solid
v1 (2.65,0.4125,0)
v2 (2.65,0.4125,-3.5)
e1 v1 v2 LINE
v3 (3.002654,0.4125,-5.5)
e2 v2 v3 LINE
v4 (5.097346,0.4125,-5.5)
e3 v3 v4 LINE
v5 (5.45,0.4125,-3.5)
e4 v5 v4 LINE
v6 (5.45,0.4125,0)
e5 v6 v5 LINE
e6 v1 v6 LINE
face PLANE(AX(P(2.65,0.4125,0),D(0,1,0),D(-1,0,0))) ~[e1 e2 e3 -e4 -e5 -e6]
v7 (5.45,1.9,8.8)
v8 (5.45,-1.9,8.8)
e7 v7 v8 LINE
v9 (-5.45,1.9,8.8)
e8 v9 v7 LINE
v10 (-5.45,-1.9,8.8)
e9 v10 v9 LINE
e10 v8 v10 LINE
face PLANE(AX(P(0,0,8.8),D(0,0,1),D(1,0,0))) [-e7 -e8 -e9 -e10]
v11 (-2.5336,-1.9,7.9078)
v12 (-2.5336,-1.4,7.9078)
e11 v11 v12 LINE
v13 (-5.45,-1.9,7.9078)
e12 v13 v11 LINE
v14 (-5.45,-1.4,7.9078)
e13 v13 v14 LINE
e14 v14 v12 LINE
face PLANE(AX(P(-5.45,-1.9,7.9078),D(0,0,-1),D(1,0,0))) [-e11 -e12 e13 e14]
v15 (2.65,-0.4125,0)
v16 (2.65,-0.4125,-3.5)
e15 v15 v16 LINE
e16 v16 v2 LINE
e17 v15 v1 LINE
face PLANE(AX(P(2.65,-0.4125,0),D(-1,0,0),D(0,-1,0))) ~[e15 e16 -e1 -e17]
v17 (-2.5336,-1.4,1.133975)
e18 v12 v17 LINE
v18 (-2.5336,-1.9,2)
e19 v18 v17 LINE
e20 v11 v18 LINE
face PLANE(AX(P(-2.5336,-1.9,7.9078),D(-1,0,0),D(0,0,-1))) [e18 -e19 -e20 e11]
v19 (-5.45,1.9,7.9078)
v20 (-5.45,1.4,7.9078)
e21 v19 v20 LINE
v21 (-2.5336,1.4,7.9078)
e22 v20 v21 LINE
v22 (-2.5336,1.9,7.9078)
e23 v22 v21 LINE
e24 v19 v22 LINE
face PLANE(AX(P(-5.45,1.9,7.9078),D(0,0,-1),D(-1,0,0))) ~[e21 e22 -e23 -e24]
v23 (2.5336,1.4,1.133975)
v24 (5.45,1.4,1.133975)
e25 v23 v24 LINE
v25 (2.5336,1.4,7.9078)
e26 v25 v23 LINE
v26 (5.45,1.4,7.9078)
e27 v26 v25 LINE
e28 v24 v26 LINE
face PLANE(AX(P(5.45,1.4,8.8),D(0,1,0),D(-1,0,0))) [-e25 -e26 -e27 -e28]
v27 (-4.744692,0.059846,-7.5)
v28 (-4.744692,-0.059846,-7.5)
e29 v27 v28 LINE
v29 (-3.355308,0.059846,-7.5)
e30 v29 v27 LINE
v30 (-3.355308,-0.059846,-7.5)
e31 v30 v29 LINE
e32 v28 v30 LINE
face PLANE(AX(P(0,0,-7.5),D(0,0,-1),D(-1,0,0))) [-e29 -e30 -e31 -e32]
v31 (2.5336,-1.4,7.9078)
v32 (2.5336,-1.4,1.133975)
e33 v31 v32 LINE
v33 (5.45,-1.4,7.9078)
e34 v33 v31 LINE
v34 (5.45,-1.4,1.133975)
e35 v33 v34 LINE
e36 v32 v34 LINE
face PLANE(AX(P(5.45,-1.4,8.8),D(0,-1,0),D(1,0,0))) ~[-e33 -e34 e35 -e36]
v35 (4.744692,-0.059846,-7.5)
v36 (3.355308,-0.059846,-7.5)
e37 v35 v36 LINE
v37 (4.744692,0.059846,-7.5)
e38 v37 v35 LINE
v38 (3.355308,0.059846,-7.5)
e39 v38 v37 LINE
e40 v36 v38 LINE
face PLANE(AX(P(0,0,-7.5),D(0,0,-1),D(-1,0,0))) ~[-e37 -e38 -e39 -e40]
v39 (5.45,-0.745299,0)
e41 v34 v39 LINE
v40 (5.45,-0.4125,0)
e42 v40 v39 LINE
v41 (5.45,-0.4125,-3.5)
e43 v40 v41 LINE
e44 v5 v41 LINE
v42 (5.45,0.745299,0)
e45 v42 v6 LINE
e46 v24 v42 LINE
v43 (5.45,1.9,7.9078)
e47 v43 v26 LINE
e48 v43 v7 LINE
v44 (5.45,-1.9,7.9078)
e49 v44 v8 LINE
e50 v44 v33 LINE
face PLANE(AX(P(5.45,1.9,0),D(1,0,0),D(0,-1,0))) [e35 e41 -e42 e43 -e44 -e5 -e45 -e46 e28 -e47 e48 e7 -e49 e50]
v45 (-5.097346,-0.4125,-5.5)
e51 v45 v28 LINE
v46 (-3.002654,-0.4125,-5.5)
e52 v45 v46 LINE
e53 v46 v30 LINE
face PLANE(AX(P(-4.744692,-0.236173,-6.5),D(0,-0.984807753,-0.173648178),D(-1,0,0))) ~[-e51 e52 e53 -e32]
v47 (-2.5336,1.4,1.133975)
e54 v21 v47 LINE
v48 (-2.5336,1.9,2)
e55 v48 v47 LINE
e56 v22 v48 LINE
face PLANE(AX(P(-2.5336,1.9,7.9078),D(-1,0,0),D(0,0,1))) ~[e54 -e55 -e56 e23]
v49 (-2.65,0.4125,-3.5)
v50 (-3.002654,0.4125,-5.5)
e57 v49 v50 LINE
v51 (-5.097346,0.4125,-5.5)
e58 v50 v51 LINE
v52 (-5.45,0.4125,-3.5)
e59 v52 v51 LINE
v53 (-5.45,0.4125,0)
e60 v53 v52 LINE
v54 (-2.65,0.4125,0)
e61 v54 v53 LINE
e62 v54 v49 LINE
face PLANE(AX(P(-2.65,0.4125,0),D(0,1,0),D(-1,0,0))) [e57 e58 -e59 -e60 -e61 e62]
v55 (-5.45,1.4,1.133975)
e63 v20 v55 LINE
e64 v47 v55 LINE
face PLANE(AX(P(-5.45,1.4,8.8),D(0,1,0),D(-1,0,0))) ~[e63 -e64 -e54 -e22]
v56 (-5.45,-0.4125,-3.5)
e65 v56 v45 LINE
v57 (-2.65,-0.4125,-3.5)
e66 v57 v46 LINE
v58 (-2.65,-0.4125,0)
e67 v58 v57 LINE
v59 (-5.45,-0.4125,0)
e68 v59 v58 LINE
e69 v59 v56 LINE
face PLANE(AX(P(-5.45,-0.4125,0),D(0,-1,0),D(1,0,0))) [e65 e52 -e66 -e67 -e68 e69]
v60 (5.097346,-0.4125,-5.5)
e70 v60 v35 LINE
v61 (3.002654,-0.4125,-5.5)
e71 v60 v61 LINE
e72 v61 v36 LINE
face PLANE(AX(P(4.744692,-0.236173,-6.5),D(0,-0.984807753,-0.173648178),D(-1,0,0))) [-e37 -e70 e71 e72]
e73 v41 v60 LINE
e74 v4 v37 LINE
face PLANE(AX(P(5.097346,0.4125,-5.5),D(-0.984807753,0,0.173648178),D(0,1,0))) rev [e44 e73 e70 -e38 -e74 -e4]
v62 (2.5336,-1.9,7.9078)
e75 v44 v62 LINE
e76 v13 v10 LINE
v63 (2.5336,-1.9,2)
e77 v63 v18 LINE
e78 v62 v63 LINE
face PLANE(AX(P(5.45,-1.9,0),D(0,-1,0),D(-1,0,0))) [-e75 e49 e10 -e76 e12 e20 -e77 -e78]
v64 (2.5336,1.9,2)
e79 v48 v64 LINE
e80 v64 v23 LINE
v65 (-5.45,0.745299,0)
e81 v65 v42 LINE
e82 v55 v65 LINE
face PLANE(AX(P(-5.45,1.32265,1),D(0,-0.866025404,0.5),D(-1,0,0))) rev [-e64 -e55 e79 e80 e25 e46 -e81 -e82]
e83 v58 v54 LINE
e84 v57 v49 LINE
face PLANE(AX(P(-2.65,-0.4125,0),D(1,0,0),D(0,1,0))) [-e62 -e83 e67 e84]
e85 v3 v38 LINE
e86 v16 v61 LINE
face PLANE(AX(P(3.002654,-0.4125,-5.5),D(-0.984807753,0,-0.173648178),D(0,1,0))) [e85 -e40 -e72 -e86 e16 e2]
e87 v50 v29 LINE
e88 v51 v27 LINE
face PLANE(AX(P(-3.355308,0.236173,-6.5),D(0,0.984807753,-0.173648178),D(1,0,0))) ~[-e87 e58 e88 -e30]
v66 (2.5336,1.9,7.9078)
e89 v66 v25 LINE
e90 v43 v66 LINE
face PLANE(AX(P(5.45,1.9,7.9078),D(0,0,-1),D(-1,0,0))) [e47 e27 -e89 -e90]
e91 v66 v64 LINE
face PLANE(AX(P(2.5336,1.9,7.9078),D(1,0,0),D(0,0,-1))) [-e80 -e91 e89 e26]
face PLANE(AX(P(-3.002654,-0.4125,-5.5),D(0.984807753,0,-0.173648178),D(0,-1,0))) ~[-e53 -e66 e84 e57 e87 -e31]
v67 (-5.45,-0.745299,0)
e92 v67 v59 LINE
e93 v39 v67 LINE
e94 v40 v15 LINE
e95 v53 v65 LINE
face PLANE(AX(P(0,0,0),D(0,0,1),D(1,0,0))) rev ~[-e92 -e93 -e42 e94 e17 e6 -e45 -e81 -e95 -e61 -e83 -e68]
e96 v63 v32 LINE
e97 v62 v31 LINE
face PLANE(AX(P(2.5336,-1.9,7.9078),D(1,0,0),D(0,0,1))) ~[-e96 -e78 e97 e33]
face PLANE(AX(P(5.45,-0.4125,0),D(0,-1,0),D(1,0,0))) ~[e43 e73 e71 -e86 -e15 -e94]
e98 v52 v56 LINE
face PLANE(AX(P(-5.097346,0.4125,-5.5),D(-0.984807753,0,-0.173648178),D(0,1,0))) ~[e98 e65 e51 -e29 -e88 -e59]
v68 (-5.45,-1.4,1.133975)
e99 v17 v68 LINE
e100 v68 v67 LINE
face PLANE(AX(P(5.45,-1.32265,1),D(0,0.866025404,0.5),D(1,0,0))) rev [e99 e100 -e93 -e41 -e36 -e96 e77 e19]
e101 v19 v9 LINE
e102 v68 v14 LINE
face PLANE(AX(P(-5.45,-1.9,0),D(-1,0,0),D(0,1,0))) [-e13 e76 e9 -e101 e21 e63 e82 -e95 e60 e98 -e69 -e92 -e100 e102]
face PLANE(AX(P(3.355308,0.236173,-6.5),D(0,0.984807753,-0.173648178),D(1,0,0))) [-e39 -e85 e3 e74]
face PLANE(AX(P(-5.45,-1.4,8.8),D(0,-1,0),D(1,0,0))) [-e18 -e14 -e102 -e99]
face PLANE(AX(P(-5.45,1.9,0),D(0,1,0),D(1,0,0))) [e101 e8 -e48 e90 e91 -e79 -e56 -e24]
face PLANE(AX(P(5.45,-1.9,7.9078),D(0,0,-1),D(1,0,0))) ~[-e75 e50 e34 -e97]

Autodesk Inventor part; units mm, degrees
ref_plane "YZ Plane" through (0, 0, 0) normal (1, 0, 0) x (0, 1, 0)
ref_plane "XZ Plane" through (0, 0, 0) normal (0, 1, 0) x (-1, 0, 0)
ref_plane "XY Plane" through (0, 0, 0) normal (0, 0, 1) x (1, 0, 0)
sketch "Sketch1" plane through (0, 0, 0) normal (0, 0, 1) x (1, 0, 0)
  line L0 (-5.45, 1.9) -> (5.45, 1.9)
  line L1 (5.45, 1.9) -> (5.45, -1.9)
  line L2 (5.45, -1.9) -> (-5.45, -1.9)
  line L3 (-5.45, -1.9) -> (-5.45, 1.9)
  point P0 (0, 0)
  dimension "d0" = 10.9
  dimension "d1" = 5.45
  dimension "d2" = 3.8
  dimension "d3" = 1.9
extrude "Extrusion1" add sketch "Sketch1" along normal blind 8.8
chamfer "Chamfer1" distance 2 angle 30 1 edges at (0, -1.9, 0) measured on face at (1.8167, -1.9, 2.9333)
chamfer "Chamfer2" distance 2 angle 30 1 edges at (0, 1.9, 0) measured on face at (-1.8167, 1.9, 2.9333)
sketch "Sketch2" plane through (0, 0, 0) normal (0, 0, -1) x (-1, 0, 0)
  line L0 (5.45, -0.4125) -> (2.65, -0.4125)
  line L1 (2.65, -0.4125) -> (2.65, 0.4125)
  line L2 (2.65, 0.4125) -> (5.45, 0.4125)
  line L3 (5.45, 0.4125) -> (5.45, -0.4125)
  line L4 (5.45, -0.7453) -> (5.45, 0.7453) projected
  point P0 (0, 0)
  dimension "d12" = 0
  dimension "d13" = 2.8
  dimension "d14" = 0.825
  dimension "d15" = 0.4125
extrude "Extrusion2" add sketch "Sketch2" along normal blind 7.5
chamfer "Chamfer3" distance 4 angle 10 1 edges at (-5.45, 0, -7.5) measured on face at (-5.45, -0.6333, 4.2667)
chamfer "Chamfer4" distance 4 angle 10 1 edges at (-2.65, 0, -7.5) measured on face at (-2.65, -0.1375, -2.5)
chamfer "Chamfer5" distance 2 angle 10 1 edges at (-4.05, -0.4125, -7.5) measured on face at (-3.8184, -0.4125, -4.8333)
chamfer "Chamfer6" distance 2 angle 10 1 edges at (-4.05, 0.4125, -7.5) measured on face at (-3.8184, 0.4125, -4.8333)
sketch "Sketch3" plane through (-5.45, -1.9, 8.8) normal (0, -1, 0) x (1, 0, 0)
  line L0 (0, -6.8) -> (0, 0) projected
  line L1 (0, -8.8) -> (10.9, -8.8) projected
  line L2 (0, -0.8922) -> (2.9164, -0.8922)
  line L3 (2.9164, -0.8922) -> (2.9164, -8.8)
  line L4 (2.9164, -8.8) -> (0, -8.8)
  line L5 (0, -8.8) -> (0, -0.8922)
  point P0 (5.45, -8.8)
extrude "Extrusion3" cut sketch "Sketch3" against normal blind 0.5
mirror "Mirror1" about plane through (0, 0, 0) normal (0, 1, 0) of "Extrusion3"
mirror "Mirror2" about plane through (0, 0, 0) normal (1, 0, 0) of "Extrusion3", "Mirror1"
mirror "Mirror3" about plane through (0, 0, 0) normal (1, 0, 0) of "Extrusion2"
chamfer "Chamfer7" distance 4 angle 10 1 edges at (2.65, 0, -7.5) measured on face at (2.65, -0.1375, -2.5)
chamfer "Chamfer8" distance 4 angle 10 1 edges at (5.45, 0, -7.5) measured on face at (5.45, 0.4667, 3.3919)
chamfer "Chamfer9" distance 2 angle 10 1 edges at (4.05, 0.4125, -7.5) measured on face at (3.8184, 0.4125, -4.8333)
chamfer "Chamfer10" distance 2 angle 10 1 edges at (4.05, -0.4125, -7.5) measured on face at (3.8184, -0.4125, -4.8333)
properties part number "Mini-ATC_FUse"
